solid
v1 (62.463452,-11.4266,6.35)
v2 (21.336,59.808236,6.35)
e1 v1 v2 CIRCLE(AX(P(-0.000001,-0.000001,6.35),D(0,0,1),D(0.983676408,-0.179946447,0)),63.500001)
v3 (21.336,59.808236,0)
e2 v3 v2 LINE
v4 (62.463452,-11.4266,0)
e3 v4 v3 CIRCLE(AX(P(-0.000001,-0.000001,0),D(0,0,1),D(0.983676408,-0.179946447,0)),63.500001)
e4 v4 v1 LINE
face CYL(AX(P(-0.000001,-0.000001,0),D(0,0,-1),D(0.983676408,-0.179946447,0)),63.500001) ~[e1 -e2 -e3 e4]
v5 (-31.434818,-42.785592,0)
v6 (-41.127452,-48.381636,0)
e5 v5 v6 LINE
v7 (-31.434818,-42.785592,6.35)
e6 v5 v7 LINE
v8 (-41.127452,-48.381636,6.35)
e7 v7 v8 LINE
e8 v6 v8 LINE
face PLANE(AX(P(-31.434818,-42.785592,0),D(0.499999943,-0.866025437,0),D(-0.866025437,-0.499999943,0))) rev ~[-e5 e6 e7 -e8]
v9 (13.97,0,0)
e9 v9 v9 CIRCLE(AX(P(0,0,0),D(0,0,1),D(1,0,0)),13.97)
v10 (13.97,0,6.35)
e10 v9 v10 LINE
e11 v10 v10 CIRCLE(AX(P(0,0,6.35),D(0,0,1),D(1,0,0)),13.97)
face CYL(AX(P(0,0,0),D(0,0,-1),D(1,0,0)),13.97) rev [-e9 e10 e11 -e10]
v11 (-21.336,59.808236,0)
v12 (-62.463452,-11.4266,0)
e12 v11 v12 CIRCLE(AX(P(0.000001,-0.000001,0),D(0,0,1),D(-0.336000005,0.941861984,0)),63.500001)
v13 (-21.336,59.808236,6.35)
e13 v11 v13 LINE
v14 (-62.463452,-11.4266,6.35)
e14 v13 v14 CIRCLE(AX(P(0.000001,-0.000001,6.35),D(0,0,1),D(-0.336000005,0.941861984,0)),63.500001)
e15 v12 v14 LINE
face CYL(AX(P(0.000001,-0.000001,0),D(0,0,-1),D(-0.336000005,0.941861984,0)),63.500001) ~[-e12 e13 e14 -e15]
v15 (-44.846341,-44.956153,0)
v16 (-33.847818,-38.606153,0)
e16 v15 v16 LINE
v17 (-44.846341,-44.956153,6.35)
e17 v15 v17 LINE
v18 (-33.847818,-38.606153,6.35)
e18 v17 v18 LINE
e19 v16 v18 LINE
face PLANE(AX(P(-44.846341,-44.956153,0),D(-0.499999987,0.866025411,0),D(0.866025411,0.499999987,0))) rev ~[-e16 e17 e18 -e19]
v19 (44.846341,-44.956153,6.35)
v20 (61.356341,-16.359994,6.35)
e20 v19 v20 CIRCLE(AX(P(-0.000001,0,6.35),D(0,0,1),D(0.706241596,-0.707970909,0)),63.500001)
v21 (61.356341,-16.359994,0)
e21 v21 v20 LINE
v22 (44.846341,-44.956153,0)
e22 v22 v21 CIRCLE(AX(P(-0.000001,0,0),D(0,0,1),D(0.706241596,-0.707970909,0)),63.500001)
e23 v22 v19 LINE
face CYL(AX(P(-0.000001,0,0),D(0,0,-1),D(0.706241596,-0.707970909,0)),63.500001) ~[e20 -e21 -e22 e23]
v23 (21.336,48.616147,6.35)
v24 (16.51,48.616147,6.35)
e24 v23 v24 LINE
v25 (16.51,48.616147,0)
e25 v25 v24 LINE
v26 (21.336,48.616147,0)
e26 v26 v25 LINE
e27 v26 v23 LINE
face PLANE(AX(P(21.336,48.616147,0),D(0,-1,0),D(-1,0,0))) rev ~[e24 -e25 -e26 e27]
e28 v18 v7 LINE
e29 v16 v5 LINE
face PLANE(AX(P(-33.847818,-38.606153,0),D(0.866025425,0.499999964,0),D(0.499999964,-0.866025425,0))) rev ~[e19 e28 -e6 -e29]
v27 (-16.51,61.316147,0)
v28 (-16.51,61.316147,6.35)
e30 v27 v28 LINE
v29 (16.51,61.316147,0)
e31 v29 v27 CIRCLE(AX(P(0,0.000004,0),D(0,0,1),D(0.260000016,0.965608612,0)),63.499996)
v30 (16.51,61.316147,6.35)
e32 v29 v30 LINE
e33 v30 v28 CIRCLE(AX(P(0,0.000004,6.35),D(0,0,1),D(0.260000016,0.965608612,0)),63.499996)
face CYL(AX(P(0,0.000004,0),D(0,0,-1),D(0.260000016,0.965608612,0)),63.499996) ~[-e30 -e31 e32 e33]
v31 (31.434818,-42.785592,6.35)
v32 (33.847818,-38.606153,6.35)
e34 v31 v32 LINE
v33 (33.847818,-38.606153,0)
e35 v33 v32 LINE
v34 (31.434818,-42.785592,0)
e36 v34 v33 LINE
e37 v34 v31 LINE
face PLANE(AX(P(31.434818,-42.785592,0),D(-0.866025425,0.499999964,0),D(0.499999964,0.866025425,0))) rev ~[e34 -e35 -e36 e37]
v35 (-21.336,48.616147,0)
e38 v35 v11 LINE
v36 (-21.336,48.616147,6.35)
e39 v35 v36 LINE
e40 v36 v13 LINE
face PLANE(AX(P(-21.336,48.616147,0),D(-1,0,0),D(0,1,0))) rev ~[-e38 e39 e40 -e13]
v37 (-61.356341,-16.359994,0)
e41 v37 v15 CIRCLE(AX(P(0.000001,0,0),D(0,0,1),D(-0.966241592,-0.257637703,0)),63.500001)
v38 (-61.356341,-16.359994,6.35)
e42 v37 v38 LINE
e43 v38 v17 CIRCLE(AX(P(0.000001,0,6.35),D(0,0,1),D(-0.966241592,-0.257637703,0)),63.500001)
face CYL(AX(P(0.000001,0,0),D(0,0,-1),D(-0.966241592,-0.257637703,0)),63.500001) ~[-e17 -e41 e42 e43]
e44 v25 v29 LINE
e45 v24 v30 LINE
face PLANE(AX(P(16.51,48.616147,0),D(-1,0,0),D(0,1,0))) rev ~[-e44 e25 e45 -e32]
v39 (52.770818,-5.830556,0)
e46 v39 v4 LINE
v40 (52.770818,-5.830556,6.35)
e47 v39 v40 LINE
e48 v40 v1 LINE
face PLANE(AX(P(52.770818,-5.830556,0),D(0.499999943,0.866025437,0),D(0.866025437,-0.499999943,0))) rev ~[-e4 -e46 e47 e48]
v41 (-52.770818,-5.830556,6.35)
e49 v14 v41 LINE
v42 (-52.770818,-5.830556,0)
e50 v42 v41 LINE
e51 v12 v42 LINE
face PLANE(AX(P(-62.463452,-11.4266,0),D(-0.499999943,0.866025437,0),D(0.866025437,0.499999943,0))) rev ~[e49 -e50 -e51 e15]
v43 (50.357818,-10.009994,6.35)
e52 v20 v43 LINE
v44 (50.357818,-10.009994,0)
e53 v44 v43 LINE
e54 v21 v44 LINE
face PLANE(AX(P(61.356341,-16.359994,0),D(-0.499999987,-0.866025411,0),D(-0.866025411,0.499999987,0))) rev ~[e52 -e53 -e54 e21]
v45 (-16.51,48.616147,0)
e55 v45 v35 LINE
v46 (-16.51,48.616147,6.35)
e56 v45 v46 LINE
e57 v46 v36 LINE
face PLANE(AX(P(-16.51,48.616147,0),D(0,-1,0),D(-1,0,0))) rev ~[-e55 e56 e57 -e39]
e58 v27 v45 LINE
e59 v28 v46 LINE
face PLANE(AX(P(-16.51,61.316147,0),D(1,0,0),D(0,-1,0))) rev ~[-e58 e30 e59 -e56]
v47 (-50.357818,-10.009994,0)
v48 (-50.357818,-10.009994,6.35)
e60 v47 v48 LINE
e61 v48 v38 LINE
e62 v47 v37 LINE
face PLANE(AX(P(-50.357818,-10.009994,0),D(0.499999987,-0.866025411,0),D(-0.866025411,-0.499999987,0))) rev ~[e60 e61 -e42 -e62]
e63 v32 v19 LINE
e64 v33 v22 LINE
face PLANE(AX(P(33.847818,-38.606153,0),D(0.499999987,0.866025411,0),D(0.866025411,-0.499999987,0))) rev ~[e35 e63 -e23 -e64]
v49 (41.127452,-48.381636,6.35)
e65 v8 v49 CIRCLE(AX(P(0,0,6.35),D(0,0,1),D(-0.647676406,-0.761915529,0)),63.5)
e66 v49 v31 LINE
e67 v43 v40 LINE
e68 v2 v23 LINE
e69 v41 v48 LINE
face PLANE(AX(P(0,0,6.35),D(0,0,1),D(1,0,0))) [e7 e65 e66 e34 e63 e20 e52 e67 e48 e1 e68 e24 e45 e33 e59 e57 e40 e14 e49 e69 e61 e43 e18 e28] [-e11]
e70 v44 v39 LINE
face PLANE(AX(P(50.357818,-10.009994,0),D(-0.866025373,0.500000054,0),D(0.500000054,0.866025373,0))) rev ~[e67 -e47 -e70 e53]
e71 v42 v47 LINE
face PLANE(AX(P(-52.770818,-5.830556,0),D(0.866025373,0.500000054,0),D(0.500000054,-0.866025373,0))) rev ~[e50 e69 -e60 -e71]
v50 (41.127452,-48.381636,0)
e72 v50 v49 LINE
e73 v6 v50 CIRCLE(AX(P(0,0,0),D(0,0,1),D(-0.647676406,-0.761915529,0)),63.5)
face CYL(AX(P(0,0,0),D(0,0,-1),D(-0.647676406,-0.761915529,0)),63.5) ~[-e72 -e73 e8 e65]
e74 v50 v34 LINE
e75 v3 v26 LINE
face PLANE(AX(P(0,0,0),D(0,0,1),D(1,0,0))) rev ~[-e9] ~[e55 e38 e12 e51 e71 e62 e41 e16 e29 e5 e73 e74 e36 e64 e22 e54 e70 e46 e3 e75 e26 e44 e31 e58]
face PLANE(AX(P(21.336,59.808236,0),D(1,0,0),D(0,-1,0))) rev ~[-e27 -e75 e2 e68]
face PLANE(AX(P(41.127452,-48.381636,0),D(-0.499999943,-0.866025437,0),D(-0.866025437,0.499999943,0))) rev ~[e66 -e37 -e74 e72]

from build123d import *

# Parameters (mm, degrees)
F0_R     = 13.97
F1_DEPTH = 6.35


with BuildPart() as f1:
    # F0 (on Top) → F1 (new body)
    with BuildSketch(Plane.XY):
        with BuildLine():
            Line((-21.336, 48.616147), (-21.336, 59.808236))
            ThreePointArc((-21.336, 59.808236), (-54.992613, 31.75), (-62.463452, -11.4266))
            Line((-62.463452, -11.4266), (-52.770818, -5.830556))
            Line((-52.770818, -5.830556), (-50.357818, -10.009994))
            Line((-50.357818, -10.009994), (-61.356341, -16.359994))
            ThreePointArc((-61.356341, -16.359994), (-54.992613, -31.75), (-44.846341, -44.956153))
            Line((-44.846341, -44.956153), (-33.847818, -38.606153))
            Line((-33.847818, -38.606153), (-31.434818, -42.785592))
            Line((-31.434818, -42.785592), (-41.127452, -48.381636))
            ThreePointArc((-41.127452, -48.381636), (0, -63.5), (41.127452, -48.381636))
            Line((41.127452, -48.381636), (31.434818, -42.785592))
            Line((31.434818, -42.785592), (33.847818, -38.606153))
            Line((33.847818, -38.606153), (44.846341, -44.956153))
            ThreePointArc((44.846341, -44.956153), (54.992613, -31.75), (61.356341, -16.359994))
            Line((61.356341, -16.359994), (50.357818, -10.009994))
            Line((50.357818, -10.009994), (52.770818, -5.830556))
            Line((52.770818, -5.830556), (62.463452, -11.4266))
            ThreePointArc((62.463452, -11.4266), (54.992613, 31.75), (21.336, 59.808236))
            Line((21.336, 59.808236), (21.336, 48.616147))
            Line((21.336, 48.616147), (16.51, 48.616147))
            Line((16.51, 48.616147), (16.51, 61.316147))
            ThreePointArc((16.51, 61.316147), (0, 63.5), (-16.51, 61.316147))
            Line((-16.51, 61.316147), (-16.51, 48.616147))
            Line((-16.51, 48.616147), (-21.336, 48.616147))
        make_face()
        Circle(F0_R, mode=Mode.SUBTRACT)
    extrude(amount=F1_DEPTH)


solid = f1.part
